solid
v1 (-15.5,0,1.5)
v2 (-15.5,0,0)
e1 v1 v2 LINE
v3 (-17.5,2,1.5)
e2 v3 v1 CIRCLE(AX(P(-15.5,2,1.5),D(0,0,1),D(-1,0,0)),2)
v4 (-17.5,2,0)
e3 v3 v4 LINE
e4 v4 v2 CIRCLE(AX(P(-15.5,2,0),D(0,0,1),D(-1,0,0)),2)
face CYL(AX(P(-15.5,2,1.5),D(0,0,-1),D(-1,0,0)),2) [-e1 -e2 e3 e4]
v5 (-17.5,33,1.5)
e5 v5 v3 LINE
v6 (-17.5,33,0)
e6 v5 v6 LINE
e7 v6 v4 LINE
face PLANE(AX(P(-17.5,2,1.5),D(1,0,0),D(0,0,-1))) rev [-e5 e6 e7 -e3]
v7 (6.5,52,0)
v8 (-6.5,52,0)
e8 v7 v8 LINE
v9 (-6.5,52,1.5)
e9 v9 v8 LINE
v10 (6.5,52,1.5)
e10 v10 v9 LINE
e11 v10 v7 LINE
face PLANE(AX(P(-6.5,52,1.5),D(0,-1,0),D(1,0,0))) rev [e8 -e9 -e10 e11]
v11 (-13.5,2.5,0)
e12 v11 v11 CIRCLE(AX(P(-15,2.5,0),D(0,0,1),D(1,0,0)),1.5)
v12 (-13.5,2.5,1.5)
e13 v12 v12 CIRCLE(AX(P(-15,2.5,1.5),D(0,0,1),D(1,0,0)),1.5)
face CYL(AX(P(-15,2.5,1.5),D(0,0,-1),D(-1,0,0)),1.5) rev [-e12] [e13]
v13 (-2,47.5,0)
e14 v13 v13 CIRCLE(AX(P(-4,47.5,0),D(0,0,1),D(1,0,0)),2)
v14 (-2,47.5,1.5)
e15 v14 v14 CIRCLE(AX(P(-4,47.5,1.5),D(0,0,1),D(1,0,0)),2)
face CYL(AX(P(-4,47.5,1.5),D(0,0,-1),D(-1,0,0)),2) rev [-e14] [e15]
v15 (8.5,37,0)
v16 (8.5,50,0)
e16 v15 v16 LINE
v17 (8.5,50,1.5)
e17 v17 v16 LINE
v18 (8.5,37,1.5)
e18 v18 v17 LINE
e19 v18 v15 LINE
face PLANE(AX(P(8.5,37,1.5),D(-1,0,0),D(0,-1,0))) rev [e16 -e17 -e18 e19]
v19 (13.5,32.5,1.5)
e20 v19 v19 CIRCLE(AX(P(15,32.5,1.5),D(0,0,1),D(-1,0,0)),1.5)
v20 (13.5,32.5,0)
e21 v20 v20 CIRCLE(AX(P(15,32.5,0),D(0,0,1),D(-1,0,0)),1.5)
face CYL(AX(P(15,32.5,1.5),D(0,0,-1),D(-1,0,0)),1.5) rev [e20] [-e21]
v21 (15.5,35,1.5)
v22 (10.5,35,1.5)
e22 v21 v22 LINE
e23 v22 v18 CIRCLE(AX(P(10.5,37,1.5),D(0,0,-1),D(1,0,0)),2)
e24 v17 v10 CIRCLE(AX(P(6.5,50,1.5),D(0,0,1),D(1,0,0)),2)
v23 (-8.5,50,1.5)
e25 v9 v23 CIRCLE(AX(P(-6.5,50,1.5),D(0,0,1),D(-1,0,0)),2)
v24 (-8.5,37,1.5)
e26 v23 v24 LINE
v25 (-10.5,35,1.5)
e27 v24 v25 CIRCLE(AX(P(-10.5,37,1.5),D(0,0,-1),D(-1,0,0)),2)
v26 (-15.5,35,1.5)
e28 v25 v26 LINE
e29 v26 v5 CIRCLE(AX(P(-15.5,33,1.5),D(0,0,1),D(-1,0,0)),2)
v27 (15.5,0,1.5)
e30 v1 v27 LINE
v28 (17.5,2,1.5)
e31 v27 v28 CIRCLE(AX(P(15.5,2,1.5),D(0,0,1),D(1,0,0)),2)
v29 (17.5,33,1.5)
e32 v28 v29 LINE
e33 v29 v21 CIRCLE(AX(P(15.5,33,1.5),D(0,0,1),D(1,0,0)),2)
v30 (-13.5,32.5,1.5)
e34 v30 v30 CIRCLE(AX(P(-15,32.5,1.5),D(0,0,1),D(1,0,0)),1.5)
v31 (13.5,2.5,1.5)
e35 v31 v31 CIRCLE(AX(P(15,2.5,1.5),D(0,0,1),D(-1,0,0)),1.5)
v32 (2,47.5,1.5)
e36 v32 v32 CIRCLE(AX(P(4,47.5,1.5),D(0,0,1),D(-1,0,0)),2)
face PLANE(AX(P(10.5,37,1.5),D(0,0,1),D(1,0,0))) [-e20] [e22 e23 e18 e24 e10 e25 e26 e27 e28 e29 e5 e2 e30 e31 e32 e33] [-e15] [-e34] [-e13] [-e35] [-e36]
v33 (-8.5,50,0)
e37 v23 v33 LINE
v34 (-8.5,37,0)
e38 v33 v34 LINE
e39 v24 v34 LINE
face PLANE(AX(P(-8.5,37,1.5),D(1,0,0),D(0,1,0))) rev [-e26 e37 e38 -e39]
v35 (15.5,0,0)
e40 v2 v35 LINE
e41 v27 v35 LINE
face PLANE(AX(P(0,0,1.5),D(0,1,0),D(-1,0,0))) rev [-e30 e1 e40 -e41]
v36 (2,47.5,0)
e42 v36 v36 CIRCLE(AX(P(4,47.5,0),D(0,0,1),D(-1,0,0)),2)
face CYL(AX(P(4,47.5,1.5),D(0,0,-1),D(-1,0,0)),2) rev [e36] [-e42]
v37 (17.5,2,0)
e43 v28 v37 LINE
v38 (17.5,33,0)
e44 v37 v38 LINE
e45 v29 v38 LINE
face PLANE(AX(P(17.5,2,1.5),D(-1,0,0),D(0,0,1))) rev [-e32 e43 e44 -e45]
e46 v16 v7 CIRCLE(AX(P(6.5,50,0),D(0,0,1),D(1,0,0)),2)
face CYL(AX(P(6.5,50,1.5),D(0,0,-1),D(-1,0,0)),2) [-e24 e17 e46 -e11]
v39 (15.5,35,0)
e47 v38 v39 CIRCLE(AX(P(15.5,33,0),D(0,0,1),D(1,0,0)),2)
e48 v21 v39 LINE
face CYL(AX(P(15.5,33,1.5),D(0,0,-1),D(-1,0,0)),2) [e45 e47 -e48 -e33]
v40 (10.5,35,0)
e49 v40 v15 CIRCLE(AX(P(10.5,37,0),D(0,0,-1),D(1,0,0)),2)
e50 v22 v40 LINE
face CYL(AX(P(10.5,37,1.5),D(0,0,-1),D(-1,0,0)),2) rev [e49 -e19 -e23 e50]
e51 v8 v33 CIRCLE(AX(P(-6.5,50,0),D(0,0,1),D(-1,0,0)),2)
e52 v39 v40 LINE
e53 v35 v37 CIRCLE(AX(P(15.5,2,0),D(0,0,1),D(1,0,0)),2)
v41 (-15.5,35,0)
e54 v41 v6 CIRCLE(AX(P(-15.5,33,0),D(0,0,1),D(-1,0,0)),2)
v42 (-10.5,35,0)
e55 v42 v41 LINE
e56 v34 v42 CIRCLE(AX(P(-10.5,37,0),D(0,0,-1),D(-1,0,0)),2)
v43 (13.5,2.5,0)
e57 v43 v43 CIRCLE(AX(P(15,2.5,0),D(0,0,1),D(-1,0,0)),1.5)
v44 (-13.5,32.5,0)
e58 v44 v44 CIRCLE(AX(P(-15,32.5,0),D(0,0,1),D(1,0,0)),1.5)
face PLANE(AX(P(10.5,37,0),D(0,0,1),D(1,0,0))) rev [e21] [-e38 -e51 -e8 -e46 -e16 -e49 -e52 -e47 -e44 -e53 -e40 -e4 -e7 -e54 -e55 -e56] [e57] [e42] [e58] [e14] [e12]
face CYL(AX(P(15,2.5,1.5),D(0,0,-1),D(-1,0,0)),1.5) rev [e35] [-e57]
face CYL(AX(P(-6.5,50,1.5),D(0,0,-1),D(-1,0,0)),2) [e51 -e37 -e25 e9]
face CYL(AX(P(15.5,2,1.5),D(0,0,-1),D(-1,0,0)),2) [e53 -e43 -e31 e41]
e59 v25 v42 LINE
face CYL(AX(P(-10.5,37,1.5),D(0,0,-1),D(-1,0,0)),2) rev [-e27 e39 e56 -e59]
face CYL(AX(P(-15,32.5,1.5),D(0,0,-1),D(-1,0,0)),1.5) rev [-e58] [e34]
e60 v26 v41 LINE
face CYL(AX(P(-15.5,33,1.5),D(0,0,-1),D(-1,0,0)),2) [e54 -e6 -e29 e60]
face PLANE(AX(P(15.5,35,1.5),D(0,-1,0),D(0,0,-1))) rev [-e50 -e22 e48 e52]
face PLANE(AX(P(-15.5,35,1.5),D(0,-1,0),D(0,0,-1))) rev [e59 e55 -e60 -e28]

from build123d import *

# Parameters (mm, degrees)
CROQUIS1_R              = 1.5
CROQUIS1_R_2            = 2
SALIENTE_EXTRUIR1_DEPTH = 1.5


with BuildPart() as part:
    # Croquis1 → Saliente-Extruir1 (new body)
    with BuildSketch(Plane.XY):
        with BuildLine():
            Line((0, 0), (-15.5, 0))
            ThreePointArc((-15.5, 0), (-16.914213562, 0.585786438), (-17.5, 2))
            Line((-17.5, 2), (-17.5, 33))
            ThreePointArc((-17.5, 33), (-16.914213562, 34.414213562), (-15.5, 35))
            Line((-15.5, 35), (-10.5, 35))
            ThreePointArc((-10.5, 35), (-9.085786438, 35.585786438), (-8.5, 37))
            Line((-8.5, 37), (-8.5, 50))
            ThreePointArc((-8.5, 50), (-7.914213562, 51.414213562), (-6.5, 52))
            Line((-6.5, 52), (0, 52))
            Line((0, 52), (6.5, 52))
            ThreePointArc((6.5, 52), (7.914213562, 51.414213562), (8.5, 50))
            Line((8.5, 50), (8.5, 37))
            ThreePointArc((8.5, 37), (9.085786438, 35.585786438), (10.5, 35))
            Line((10.5, 35), (15.5, 35))
            ThreePointArc((15.5, 35), (16.914213562, 34.414213562), (17.5, 33))
            Line((17.5, 33), (17.5, 2))
            ThreePointArc((17.5, 2), (16.914213562, 0.585786438), (15.5, 0))
            Line((15.5, 0), (0, 0))
        make_face()
        with Locations((-15, 2.5)):
            Circle(CROQUIS1_R, mode=Mode.SUBTRACT)
        with Locations((-15, 32.5)):
            Circle(CROQUIS1_R, mode=Mode.SUBTRACT)
        with Locations((-4, 47.5)):
            Circle(CROQUIS1_R_2, mode=Mode.SUBTRACT)
        with Locations(Location((4, 47.5, 0), (0, 0, 180))):
            Circle(CROQUIS1_R_2, mode=Mode.SUBTRACT)
        with Locations(Location((15, 32.5, 0), (0, 0, 180))):
            Circle(CROQUIS1_R, mode=Mode.SUBTRACT)
        with Locations(Location((15, 2.5, 0), (0, 0, 180))):
            Circle(CROQUIS1_R, mode=Mode.SUBTRACT)
    extrude(amount=SALIENTE_EXTRUIR1_DEPTH)


solid = part.part
